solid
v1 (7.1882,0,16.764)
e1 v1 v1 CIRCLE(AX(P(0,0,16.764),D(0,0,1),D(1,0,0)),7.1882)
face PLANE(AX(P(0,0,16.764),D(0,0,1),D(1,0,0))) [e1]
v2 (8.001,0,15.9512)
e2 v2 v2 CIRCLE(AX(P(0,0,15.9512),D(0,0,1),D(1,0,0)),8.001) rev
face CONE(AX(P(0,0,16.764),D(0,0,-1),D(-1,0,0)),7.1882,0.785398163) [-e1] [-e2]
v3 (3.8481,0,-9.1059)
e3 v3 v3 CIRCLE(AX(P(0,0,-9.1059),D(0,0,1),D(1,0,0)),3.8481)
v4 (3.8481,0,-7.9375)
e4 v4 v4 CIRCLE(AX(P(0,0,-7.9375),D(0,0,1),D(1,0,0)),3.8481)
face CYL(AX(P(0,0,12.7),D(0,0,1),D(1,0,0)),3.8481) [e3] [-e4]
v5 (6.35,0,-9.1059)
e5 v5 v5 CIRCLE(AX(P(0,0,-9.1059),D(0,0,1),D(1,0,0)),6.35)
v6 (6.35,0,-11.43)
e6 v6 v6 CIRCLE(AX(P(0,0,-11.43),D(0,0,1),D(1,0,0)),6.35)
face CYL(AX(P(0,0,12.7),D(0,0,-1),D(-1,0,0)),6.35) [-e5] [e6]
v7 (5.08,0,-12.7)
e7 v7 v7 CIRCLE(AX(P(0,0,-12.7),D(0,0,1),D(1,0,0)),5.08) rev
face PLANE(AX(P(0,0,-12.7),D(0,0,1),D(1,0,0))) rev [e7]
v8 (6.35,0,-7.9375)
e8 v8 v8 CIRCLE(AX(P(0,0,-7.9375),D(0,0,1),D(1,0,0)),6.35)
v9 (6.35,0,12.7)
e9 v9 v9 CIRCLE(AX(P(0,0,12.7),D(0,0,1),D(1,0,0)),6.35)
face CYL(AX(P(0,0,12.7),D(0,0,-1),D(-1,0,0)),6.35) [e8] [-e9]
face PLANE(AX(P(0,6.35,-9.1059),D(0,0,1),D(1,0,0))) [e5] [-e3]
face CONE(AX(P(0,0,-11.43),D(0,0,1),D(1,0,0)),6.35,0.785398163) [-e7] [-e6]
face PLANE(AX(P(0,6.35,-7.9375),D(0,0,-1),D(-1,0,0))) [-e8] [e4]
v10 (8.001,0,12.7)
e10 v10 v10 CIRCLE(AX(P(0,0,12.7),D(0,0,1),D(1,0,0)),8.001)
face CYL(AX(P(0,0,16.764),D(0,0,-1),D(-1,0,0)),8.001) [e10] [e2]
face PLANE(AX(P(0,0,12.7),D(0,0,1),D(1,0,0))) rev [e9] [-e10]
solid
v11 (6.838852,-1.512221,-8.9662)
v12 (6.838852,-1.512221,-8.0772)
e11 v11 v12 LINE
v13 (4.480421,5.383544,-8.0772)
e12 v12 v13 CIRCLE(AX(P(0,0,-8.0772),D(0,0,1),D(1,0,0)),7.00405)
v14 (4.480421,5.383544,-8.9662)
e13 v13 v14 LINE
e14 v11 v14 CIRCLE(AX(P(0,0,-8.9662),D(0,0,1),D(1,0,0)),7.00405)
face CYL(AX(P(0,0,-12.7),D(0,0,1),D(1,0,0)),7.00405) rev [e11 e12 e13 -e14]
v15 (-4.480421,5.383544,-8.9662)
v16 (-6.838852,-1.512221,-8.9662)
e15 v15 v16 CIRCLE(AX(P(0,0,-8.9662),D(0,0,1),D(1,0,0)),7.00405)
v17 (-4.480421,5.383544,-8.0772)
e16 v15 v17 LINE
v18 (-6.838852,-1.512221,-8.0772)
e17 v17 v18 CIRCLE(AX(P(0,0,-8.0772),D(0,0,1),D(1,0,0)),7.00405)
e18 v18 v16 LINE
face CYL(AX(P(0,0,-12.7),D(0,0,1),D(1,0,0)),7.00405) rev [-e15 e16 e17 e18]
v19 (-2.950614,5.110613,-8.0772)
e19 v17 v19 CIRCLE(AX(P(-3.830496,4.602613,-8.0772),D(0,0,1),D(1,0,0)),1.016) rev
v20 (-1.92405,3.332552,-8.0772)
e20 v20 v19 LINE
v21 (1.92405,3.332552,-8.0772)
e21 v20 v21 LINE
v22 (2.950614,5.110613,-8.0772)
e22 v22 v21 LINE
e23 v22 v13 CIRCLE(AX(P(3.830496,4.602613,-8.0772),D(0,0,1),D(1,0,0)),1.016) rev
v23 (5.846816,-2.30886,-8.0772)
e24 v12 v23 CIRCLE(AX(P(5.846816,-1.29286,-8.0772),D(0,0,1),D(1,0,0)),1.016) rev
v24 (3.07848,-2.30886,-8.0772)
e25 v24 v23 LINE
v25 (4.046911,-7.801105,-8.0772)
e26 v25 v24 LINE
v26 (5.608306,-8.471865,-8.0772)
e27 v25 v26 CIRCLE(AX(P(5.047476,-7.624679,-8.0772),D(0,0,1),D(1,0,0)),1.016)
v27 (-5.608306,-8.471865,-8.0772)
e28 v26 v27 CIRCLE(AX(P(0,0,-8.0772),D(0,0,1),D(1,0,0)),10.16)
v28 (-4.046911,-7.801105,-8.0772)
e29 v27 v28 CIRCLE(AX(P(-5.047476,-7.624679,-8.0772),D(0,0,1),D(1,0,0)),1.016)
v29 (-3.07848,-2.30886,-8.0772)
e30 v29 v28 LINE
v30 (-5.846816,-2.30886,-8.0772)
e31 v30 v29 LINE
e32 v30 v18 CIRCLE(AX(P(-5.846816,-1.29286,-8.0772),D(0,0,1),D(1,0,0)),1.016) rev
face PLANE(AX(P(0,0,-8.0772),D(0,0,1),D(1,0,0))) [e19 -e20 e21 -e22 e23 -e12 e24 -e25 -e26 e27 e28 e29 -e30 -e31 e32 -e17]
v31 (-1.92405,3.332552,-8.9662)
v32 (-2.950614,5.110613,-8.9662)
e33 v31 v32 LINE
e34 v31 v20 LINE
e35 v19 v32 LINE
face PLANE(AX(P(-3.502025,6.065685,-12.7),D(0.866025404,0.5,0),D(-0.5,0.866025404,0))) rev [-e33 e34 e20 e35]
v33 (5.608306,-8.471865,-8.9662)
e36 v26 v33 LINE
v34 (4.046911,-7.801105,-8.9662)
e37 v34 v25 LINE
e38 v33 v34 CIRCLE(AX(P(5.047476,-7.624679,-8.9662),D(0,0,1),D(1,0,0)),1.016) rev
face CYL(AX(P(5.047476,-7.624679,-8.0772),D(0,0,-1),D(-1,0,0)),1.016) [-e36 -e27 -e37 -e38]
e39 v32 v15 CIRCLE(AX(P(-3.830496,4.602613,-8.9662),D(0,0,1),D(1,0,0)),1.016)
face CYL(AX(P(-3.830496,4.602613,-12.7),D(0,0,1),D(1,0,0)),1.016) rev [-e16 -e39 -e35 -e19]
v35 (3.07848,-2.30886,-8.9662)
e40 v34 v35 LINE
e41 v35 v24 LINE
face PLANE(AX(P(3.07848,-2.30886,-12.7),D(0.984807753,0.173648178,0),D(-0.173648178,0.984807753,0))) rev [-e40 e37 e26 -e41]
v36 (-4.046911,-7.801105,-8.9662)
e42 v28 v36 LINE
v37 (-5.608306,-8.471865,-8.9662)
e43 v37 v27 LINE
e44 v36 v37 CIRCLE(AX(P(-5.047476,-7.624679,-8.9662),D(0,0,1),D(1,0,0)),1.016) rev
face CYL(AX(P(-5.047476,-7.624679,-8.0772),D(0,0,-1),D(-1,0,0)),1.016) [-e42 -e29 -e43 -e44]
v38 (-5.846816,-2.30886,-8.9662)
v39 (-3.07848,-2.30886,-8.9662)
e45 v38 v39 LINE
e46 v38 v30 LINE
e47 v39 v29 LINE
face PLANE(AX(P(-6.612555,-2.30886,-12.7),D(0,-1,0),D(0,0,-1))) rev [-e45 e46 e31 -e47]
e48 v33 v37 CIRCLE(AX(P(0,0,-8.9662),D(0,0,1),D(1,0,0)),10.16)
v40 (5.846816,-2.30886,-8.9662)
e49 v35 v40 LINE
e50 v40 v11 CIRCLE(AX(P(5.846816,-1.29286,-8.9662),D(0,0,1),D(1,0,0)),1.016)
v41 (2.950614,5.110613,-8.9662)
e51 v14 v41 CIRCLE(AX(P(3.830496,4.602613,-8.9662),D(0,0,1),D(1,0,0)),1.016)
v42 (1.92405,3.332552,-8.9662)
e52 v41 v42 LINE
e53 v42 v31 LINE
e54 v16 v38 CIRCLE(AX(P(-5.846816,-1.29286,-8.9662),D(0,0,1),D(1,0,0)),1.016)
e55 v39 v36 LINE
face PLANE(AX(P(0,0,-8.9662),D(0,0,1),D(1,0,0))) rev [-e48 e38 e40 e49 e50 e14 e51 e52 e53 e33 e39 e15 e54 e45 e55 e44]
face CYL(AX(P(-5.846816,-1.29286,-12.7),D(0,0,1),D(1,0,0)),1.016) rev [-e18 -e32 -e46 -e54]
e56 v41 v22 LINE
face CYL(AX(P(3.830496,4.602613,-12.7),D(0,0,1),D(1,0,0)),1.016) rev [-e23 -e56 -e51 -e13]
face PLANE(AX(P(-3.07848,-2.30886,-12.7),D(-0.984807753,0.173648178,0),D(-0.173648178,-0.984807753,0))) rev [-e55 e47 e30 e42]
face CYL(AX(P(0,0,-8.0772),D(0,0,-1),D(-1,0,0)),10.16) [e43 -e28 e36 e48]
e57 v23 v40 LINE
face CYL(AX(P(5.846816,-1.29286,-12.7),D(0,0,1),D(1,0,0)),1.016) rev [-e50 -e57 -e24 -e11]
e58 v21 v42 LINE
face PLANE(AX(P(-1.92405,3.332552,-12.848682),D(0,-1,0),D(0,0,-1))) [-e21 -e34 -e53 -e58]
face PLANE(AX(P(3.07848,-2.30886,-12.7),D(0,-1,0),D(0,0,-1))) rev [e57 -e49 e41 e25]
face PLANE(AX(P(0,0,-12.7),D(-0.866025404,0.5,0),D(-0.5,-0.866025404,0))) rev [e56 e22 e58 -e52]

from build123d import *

# Parameters (mm, degrees)
SKETCH2_R      = 6.35
EXTRUDE1_DEPTH = 12.7
SKETCH3_W      = 1.1684
SKETCH3_H      = 2.5019
SKETCH8_R      = 8.001
EXTRUDE6_DEPTH = 4.064
CHAMFER2_SIZE  = 0.8128
SKETCH4_R      = 10.16
SKETCH4_R_2    = 3.8481
EXTRUDE2_DEPTH = 0.4445
EXTRUDE4_DEPTH = 13.7
EXTRUDE5_DEPTH = 0.889
FILLET1_R      = 1.016
CHAMFER1_SIZE  = 1.27


with BuildPart() as part:
    # Sketch2 → Extrude1 (new body, symmetric)
    with BuildSketch(Plane.XY):
        Circle(SKETCH2_R)
    extrude(amount=EXTRUDE1_DEPTH, both=True)

    # Sketch3 → Cut-Revolve1 (revolve, cut)
    with BuildSketch(Plane(origin=(0, 0, 0), x_dir=(0, 0, -1), z_dir=(1, 0, 0))):
        with Locations((8.5217, 5.09905)):
            Rectangle(SKETCH3_W, SKETCH3_H)
    revolve(axis=Axis((0, 0, 12.7), (0, 0, -1)), mode=Mode.SUBTRACT)

    # Sketch8 → Extrude6 (add)
    with BuildSketch(Plane.XY.offset(12.7)):
        Circle(SKETCH8_R)
    extrude(amount=EXTRUDE6_DEPTH)

    # Chamfer2
    chamfer2_edges = [part.edges().sort_by_distance(p)[0] for p in [
        (-8.001, 0, 16.764),
    ]]
    chamfer(chamfer2_edges, length=CHAMFER2_SIZE)

    # Chamfer1
    chamfer1_edges = [part.edges().sort_by_distance(p)[0] for p in [
        (-6.35, 0, -12.7),
    ]]
    chamfer(chamfer1_edges, length=CHAMFER1_SIZE)


with BuildPart() as body_2:
    # Sketch4 → Extrude2 (new body, symmetric)
    with BuildSketch(Plane.XY.offset(-8.5217)):
        Circle(SKETCH4_R)
        Circle(SKETCH4_R_2, mode=Mode.SUBTRACT)
    extrude(amount=EXTRUDE2_DEPTH, both=True)

    # Sketch5 → Extrude4 (cut, through all)
    with BuildSketch(Plane.XY):
        with BuildLine():
            Line((-3.502025, 6.065685229), (0, 0))
            Line((0, 0), (3.502025, 6.065685229))
            ThreePointArc((3.502025, 6.065685229), (6.565777443, 2.438705183), (6.61255487, -2.30886))
            Line((6.61255487, -2.30886), (3.07848, -2.30886))
            Line((3.07848, -2.30886), (4.294908828, -9.207570698))
            ThreePointArc((4.294908828, -9.207570698), (0, -10.16), (-4.294908828, -9.207570698))
            Line((-4.294908828, -9.207570698), (-3.07848, -2.30886))
            Line((-3.07848, -2.30886), (-6.61255487, -2.30886))
            ThreePointArc((-6.61255487, -2.30886), (-6.565777443, 2.438705183), (-3.502025, 6.065685229))
        make_face()
    extrude(amount=-EXTRUDE4_DEPTH, mode=Mode.SUBTRACT)

    # Sketch6 → Extrude5 (add)
    with BuildSketch(Plane.XY.offset(-8.0772)):
        with BuildLine():
            Line((-1.92405, 3.332552356), (1.92405, 3.332552356))
            ThreePointArc((1.92405, 3.332552356), (0, 3.8481), (-1.92405, 3.332552356))
        make_face()
    extrude(amount=-EXTRUDE5_DEPTH)

    # Fillet1
    fillet1_edges = [body_2.edges().sort_by_distance(p)[0] for p in [
        (3.502025, 6.065685229, -8.5217),
        (4.294908828, -9.207570698, -8.5217),
        (-6.61255487, -2.30886, -8.5217),
        (6.61255487, -2.30886, -8.5217),
        (-4.294908828, -9.207570698, -8.5217),
        (-3.502025, 6.065685229, -8.5217),
    ]]
    fillet(fillet1_edges, radius=FILLET1_R)


solid = Compound([part.part, body_2.part])
